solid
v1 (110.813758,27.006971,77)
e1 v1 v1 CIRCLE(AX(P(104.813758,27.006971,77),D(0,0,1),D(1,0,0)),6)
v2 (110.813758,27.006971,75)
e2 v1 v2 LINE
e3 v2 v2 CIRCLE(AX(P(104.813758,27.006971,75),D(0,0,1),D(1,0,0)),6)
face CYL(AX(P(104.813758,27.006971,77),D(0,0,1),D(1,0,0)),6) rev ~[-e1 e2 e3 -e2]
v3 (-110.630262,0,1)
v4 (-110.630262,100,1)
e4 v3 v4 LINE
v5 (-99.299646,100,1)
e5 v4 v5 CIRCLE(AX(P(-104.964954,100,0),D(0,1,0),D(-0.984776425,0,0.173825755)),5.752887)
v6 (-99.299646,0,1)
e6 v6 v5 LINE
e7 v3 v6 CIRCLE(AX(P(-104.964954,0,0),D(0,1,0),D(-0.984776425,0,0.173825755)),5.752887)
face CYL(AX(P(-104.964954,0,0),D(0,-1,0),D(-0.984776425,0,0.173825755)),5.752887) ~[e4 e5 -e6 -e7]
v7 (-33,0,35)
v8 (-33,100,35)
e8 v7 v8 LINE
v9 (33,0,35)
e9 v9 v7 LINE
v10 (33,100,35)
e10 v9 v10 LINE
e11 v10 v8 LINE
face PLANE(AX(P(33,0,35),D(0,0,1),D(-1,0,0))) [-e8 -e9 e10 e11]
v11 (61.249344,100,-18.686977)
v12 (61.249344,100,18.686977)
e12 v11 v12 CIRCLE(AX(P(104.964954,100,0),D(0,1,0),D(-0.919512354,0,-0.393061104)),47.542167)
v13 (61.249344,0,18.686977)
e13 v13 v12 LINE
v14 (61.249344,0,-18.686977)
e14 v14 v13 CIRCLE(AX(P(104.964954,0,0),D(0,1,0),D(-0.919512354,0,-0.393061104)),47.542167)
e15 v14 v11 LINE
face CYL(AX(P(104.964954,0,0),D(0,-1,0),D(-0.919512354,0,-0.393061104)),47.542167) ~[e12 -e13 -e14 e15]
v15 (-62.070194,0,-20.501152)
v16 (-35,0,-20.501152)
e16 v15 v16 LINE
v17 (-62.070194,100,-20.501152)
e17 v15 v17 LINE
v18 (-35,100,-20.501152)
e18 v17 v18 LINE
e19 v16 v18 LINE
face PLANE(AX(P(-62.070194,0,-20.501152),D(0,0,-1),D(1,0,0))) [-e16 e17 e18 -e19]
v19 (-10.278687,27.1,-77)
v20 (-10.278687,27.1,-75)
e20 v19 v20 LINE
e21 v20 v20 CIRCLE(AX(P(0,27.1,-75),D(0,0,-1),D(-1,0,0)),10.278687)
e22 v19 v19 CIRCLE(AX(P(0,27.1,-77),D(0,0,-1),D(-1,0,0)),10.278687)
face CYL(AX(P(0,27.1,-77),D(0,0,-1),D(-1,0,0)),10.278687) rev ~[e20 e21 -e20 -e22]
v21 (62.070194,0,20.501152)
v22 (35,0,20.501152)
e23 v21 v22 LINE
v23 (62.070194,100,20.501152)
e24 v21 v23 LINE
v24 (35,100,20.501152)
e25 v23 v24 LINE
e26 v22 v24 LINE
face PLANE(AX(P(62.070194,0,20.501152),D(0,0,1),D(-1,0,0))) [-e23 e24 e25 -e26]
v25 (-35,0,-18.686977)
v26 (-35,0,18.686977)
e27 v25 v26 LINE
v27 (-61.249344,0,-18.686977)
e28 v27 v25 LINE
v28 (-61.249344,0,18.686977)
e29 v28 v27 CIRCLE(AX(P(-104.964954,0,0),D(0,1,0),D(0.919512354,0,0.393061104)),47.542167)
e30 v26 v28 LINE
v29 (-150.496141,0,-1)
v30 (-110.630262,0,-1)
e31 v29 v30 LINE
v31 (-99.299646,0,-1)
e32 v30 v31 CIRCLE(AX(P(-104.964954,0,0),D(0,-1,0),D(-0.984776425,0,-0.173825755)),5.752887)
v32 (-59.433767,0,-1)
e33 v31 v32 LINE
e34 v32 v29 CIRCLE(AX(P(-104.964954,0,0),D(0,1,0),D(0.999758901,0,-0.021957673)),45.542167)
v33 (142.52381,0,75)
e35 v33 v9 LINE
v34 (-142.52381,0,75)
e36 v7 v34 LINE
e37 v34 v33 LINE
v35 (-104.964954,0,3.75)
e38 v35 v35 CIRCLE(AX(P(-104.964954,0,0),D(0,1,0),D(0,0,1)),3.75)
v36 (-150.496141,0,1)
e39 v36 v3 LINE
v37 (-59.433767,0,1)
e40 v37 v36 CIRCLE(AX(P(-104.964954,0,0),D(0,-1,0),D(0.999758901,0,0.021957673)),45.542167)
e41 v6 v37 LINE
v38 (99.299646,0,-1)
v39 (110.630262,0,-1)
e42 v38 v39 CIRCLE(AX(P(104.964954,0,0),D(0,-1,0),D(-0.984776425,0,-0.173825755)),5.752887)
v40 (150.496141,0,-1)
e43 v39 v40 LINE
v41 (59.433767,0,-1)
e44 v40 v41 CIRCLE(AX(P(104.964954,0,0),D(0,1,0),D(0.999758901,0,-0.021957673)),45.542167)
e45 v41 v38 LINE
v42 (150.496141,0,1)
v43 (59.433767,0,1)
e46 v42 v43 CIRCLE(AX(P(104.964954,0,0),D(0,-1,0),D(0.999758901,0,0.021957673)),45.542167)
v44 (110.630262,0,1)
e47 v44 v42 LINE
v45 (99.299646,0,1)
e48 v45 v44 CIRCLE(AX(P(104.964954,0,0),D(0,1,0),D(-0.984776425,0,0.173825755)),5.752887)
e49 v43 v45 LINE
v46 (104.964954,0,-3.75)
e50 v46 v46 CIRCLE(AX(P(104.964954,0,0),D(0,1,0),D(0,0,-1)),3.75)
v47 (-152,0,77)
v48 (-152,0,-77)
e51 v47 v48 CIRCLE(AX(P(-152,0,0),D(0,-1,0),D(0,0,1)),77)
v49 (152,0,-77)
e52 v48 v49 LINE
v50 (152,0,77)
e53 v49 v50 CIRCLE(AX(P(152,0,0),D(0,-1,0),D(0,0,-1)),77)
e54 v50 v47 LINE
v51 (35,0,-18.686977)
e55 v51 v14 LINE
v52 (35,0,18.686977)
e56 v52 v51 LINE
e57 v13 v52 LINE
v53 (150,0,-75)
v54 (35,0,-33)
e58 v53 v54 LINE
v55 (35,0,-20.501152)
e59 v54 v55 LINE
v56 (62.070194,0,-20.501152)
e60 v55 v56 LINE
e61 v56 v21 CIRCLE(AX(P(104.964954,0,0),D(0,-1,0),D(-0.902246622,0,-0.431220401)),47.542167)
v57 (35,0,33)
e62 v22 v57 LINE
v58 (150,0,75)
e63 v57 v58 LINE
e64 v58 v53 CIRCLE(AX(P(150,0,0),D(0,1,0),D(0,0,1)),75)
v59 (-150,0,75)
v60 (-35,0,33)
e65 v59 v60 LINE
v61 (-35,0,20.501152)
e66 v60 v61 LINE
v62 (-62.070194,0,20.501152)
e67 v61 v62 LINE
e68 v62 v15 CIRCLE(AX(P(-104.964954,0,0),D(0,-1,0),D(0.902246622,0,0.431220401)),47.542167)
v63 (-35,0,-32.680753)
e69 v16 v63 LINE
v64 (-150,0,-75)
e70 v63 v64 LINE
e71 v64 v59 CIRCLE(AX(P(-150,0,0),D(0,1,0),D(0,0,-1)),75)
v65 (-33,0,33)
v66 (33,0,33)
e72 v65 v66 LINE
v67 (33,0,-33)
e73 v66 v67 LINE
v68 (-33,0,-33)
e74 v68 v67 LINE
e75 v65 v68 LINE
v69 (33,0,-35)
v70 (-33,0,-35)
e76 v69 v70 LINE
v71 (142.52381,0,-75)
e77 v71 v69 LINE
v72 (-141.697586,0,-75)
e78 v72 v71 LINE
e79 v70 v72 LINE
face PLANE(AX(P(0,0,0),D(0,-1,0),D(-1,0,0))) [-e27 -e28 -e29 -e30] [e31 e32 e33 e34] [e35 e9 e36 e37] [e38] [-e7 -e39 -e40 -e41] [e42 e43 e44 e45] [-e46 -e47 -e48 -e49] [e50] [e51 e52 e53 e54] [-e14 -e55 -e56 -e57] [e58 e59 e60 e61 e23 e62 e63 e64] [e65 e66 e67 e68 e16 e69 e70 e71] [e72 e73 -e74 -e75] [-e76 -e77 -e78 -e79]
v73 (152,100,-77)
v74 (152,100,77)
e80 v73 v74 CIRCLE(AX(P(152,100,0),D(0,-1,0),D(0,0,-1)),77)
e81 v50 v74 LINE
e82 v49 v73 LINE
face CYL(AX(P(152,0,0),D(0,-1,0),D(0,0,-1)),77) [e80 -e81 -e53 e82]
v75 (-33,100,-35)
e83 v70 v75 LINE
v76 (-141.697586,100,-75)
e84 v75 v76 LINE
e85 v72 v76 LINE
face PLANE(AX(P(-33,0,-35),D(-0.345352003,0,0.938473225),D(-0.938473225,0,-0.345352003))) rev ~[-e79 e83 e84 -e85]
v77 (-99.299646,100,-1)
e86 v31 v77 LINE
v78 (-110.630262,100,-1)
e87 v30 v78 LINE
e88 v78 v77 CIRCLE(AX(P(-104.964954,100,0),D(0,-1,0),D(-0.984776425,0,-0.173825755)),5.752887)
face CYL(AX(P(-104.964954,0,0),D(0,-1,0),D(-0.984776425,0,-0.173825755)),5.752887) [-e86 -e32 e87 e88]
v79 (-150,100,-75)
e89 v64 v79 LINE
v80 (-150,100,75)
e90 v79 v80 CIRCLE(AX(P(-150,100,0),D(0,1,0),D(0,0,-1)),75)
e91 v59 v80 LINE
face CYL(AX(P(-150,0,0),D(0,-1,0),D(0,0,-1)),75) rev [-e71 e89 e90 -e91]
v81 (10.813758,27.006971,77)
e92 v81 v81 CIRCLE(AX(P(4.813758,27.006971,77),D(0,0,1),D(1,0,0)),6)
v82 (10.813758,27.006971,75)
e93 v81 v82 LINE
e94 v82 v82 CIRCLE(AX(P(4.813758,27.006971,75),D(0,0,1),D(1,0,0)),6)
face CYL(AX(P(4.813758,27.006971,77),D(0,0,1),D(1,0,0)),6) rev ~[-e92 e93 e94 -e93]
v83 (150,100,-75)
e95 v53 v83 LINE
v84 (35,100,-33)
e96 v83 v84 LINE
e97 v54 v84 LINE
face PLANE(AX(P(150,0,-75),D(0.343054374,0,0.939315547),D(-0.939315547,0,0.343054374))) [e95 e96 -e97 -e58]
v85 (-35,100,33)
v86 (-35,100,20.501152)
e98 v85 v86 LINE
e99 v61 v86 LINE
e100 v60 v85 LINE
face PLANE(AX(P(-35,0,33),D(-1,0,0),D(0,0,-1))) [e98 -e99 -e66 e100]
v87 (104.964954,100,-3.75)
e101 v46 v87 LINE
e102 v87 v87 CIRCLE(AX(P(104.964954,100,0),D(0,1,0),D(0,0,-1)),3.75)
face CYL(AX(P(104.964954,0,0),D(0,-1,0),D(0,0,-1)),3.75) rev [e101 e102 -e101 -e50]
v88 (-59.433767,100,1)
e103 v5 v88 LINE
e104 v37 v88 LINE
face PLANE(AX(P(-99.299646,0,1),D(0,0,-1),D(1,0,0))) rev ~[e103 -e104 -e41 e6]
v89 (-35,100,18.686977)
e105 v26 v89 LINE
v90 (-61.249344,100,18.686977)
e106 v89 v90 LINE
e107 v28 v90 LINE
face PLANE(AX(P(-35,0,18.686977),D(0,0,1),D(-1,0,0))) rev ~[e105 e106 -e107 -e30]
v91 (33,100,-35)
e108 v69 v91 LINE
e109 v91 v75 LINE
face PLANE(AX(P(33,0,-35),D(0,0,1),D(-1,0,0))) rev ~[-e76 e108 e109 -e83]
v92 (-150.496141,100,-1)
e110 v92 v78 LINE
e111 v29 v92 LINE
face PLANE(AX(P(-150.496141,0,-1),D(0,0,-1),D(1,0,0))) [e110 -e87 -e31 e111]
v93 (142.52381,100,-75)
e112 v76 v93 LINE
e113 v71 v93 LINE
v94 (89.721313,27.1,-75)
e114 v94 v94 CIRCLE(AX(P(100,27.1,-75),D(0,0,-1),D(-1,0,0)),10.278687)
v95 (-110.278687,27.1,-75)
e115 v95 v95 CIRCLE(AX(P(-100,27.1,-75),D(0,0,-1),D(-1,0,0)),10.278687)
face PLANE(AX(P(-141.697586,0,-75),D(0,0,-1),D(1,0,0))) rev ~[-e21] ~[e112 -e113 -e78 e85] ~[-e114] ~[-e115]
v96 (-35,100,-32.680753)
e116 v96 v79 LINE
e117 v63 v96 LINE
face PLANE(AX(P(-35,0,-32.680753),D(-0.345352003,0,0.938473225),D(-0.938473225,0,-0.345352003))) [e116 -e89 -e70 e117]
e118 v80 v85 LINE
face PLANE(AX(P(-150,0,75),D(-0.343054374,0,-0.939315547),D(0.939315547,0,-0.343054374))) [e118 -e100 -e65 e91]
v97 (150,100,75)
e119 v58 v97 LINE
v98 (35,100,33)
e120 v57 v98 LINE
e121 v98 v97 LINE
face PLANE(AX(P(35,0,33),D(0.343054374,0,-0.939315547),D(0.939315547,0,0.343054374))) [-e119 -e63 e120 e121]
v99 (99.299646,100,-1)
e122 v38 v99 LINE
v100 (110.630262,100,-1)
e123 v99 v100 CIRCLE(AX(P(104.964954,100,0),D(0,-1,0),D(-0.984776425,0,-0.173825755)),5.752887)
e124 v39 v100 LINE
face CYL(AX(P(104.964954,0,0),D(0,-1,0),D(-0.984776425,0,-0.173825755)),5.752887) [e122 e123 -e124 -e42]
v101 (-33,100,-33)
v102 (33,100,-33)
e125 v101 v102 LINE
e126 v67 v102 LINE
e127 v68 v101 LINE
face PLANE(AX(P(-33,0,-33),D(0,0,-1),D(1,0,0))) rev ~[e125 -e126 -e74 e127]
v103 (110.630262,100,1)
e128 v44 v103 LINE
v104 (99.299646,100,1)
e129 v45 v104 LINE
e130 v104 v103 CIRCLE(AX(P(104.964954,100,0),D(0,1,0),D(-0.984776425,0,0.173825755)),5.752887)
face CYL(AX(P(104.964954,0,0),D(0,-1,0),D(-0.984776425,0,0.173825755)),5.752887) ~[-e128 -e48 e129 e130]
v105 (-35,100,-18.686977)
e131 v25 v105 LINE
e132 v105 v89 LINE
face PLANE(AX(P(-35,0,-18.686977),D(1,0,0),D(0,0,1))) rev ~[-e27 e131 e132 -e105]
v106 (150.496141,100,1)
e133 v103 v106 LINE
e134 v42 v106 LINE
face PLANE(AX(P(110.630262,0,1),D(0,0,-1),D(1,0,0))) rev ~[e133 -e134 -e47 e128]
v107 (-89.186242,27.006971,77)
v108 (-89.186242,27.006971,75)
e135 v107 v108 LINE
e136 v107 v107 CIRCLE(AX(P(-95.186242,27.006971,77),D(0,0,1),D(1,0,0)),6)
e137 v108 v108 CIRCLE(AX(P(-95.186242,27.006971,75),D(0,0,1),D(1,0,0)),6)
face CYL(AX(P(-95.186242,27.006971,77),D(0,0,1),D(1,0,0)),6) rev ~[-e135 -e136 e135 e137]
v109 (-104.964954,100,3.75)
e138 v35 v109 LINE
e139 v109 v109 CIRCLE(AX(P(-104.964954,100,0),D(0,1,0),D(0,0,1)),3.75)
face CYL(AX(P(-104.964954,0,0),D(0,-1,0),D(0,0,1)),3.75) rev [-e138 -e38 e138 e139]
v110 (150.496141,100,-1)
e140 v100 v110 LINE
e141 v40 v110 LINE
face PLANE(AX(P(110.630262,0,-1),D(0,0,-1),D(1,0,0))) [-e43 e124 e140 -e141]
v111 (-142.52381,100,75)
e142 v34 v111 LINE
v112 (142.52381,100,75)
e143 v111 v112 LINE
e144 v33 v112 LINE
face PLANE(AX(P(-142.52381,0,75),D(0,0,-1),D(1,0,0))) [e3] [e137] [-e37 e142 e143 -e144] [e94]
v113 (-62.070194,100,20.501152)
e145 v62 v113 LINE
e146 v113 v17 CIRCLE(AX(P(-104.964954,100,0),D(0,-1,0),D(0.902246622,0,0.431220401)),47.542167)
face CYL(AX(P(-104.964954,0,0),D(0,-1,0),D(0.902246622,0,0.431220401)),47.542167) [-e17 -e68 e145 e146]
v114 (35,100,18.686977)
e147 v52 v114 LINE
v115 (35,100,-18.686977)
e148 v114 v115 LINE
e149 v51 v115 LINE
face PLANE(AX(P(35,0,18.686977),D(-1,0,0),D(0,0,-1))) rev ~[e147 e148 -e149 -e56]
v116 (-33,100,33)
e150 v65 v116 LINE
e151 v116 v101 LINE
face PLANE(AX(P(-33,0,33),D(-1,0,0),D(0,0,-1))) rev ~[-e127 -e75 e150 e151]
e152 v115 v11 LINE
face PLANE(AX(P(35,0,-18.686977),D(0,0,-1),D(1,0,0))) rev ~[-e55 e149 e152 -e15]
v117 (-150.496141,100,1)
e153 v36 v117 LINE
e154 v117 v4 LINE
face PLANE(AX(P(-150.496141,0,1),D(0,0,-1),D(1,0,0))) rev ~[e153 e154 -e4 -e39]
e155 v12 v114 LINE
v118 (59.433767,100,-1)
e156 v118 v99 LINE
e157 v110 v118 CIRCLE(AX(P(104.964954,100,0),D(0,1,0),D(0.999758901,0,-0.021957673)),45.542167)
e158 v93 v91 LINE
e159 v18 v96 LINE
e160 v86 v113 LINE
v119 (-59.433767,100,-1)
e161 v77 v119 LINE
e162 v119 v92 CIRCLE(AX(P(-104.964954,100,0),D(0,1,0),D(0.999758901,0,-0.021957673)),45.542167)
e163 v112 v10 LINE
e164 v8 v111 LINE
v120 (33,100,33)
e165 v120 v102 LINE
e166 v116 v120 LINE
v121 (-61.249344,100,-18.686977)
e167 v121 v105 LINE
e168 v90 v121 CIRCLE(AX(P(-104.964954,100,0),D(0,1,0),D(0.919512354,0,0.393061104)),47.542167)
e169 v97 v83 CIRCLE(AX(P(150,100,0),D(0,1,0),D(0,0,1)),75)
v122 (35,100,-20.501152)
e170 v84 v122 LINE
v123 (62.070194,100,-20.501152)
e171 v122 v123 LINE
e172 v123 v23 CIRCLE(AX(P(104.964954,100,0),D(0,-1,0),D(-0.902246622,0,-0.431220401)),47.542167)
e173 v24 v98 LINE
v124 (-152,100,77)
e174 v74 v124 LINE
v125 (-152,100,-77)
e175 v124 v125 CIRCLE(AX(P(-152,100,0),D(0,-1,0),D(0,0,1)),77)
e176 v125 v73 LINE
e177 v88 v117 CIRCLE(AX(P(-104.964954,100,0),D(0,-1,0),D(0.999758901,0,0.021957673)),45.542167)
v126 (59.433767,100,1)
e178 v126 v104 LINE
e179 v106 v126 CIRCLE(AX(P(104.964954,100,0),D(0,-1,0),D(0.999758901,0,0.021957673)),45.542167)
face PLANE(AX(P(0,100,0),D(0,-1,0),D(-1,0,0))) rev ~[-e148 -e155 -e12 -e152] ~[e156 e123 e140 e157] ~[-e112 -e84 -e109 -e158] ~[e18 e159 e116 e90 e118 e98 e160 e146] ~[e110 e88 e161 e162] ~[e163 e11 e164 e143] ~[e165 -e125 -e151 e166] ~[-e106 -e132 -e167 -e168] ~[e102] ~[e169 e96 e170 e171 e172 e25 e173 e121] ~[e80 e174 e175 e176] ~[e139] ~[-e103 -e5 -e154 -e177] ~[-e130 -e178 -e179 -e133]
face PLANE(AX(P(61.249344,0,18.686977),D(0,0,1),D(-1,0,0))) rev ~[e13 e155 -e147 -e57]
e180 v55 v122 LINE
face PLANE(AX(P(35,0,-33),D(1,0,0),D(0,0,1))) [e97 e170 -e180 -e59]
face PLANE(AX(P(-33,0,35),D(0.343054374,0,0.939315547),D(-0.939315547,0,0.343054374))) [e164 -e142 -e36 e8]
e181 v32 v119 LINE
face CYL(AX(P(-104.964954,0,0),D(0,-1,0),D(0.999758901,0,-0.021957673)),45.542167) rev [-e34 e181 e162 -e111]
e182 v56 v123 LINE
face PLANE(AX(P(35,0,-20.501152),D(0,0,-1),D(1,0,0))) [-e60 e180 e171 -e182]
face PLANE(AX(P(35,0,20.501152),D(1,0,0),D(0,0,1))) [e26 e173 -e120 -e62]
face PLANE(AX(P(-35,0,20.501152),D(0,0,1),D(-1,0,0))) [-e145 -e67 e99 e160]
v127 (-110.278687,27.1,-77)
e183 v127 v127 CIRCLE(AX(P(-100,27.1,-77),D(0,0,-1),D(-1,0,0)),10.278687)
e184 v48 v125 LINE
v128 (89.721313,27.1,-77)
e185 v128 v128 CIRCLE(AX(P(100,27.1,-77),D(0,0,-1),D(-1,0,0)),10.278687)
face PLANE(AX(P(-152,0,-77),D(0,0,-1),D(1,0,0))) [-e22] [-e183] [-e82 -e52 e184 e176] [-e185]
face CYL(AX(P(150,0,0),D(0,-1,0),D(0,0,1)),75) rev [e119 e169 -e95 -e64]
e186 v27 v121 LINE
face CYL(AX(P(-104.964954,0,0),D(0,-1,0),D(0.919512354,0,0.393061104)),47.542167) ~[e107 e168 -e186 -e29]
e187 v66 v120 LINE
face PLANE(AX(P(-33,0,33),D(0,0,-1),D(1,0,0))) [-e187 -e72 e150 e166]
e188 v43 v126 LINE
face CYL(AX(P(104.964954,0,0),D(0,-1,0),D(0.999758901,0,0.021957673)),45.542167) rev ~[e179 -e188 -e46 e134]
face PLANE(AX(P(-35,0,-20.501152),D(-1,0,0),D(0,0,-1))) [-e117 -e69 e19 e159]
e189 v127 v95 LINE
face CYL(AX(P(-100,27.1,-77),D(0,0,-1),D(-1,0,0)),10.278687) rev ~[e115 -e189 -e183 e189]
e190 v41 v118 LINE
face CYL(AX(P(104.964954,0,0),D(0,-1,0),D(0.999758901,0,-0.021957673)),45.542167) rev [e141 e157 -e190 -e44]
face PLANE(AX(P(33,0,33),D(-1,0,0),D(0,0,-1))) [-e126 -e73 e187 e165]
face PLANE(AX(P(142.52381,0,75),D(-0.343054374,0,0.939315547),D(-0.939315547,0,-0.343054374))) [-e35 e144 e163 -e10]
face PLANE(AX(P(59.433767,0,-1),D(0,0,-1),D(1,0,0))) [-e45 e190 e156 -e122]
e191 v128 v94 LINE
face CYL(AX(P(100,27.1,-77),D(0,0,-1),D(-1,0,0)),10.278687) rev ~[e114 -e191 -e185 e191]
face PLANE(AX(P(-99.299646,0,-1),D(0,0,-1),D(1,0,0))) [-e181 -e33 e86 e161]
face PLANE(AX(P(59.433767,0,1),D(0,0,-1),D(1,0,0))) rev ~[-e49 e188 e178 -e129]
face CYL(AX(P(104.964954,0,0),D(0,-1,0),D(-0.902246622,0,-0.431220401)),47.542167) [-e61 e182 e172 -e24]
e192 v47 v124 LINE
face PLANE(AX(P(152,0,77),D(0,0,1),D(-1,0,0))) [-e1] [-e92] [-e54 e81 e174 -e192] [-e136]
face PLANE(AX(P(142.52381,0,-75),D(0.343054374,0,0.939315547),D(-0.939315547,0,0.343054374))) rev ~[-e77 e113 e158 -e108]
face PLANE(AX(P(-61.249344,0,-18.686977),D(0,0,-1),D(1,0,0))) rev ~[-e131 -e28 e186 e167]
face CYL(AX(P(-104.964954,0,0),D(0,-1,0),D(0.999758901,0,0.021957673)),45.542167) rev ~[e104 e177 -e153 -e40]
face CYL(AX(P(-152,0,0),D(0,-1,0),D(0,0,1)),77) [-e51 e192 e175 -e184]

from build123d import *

# Parameters (mm, degrees)
SKETCH1_R           = 3.75
SKETCH1_W           = 66
SKETCH1_H           = 66
BOSS_EXTRUDE1_DEPTH = 100
SKETCH2_R           = 6
CUT_EXTRUDE1_DEPTH  = 10
SKETCH4_R           = 10.278687008
CUT_EXTRUDE2_DEPTH  = 10


with BuildPart() as part:
    # Sketch1 → Boss-Extrude1 (new body)
    with BuildSketch(Plane(origin=(0, 0, 0), x_dir=(1, 0, 0), z_dir=(0, 1, 0))):
        with BuildLine():
            Line((-152, 77), (152, 77))
            ThreePointArc((152, 77), (229, 0), (152, -77))
            Line((152, -77), (-152, -77))
            ThreePointArc((-152, -77), (-229, 0), (-152, 77))
        make_face()
        with Locations(Location((-104.964953983, 0, 0), (0, 0, 270))):
            Circle(SKETCH1_R, mode=Mode.SUBTRACT)
        with Locations(Location((104.964953983, 0, 0), (0, 0, 90))):
            Circle(SKETCH1_R, mode=Mode.SUBTRACT)
        Polygon((-141.697585802, 75), (142.523809524, 75), (33, 35), (-33, 35), align=None, mode=Mode.SUBTRACT)
        Polygon((-142.523809524, -75), (142.523809524, -75), (33, -35), (-33, -35), align=None, mode=Mode.SUBTRACT)
        with BuildLine():
            Line((-35, 32.680752833), (-150, 75))
            ThreePointArc((-150, 75), (-225, 0), (-150, -75))
            Line((-150, -75), (-35, -33))
            Line((-35, -33), (-35, -20.501152441))
            Line((-35, -20.501152441), (-62.070194122, -20.501152441))
            ThreePointArc((-62.070194122, -20.501152441), (-152.507121318, 0), (-62.070194122, 20.501152441))
            Line((-62.070194122, 20.501152441), (-35, 20.501152441))
            Line((-35, 20.501152441), (-35, 32.680752833))
        make_face(mode=Mode.SUBTRACT)
        with BuildLine():
            Line((35, 33), (35, 20.501152441))
            Line((35, 20.501152441), (62.070194122, 20.501152441))
            ThreePointArc((62.070194122, 20.501152441), (152.507121318, 0), (62.070194122, -20.501152441))
            Line((62.070194122, -20.501152441), (35, -20.501152441))
            Line((35, -20.501152441), (35, -33))
            Line((35, -33), (150, -75))
            ThreePointArc((150, -75), (225, 0), (150, 75))
            Line((150, 75), (35, 33))
        make_face(mode=Mode.SUBTRACT)
        Rectangle(SKETCH1_W, SKETCH1_H, mode=Mode.SUBTRACT)
        with BuildLine():
            Line((-61.249343804, 18.686976792), (-35, 18.686976792))
            Line((-35, 18.686976792), (-35, -18.686976792))
            Line((-35, -18.686976792), (-61.249343804, -18.686976792))
            ThreePointArc((-61.249343804, -18.686976792), (-57.422786648, 0), (-61.249343804, 18.686976792))
        make_face(mode=Mode.SUBTRACT)
        with BuildLine():
            Line((61.249343804, -18.686976792), (35, -18.686976792))
            Line((35, -18.686976792), (35, 18.686976792))
            Line((35, 18.686976792), (61.249343804, 18.686976792))
            ThreePointArc((61.249343804, 18.686976792), (57.422786648, 0), (61.249343804, -18.686976792))
        make_face(mode=Mode.SUBTRACT)
        with BuildLine():
            Line((-150.496141158, 1), (-110.630261894, 1))
            ThreePointArc((-110.630261894, 1), (-104.964953983, 5.752887425), (-99.299646072, 1))
            Line((-99.299646072, 1), (-59.433766808, 1))
            ThreePointArc((-59.433766808, 1), (-104.964953983, 45.542167335), (-150.496141158, 1))
        make_face(mode=Mode.SUBTRACT)
        with BuildLine():
            Line((-150.496141158, -1), (-110.630261894, -1))
            ThreePointArc((-110.630261894, -1), (-104.964953983, -5.752887425), (-99.299646072, -1))
            Line((-99.299646072, -1), (-59.433766808, -1))
            ThreePointArc((-59.433766808, -1), (-104.964953983, -45.542167335), (-150.496141158, -1))
        make_face(mode=Mode.SUBTRACT)
        with BuildLine():
            Line((59.433766808, 1), (99.299646072, 1))
            ThreePointArc((99.299646072, 1), (104.964953983, 5.752887425), (110.630261894, 1))
            Line((110.630261894, 1), (150.496141158, 1))
            ThreePointArc((150.496141158, 1), (104.964953983, 45.542167335), (59.433766808, 1))
        make_face(mode=Mode.SUBTRACT)
        with BuildLine():
            Line((59.433766808, -1), (99.299646072, -1))
            ThreePointArc((99.299646072, -1), (104.964953983, -5.752887425), (110.630261894, -1))
            Line((110.630261894, -1), (150.496141158, -1))
            ThreePointArc((150.496141158, -1), (104.964953983, -45.542167335), (59.433766808, -1))
        make_face(mode=Mode.SUBTRACT)
    extrude(amount=BOSS_EXTRUDE1_DEPTH)

    # Sketch2 → Cut-Extrude1 (cut)
    with BuildSketch(Plane.XY.offset(77)):
        with Locations((4.813758286, 27.006971007)):
            Circle(SKETCH2_R)
        with Locations((104.813758286, 27.006971007)):
            Circle(SKETCH2_R)
        with Locations((-95.186241714, 27.006971007)):
            Circle(SKETCH2_R)
    extrude(amount=-CUT_EXTRUDE1_DEPTH, mode=Mode.SUBTRACT)

    # Sketch4 → Cut-Extrude2 (cut)
    with BuildSketch(Plane(origin=(0, 0, -77), x_dir=(-1, 0, 0), z_dir=(0, 0, -1))):
        with Locations((0, 27.1)):
            Circle(SKETCH4_R)
        with Locations((100, 27.1)):
            Circle(SKETCH4_R)
        with Locations((-100, 27.1)):
            Circle(SKETCH4_R)
    extrude(amount=-CUT_EXTRUDE2_DEPTH, mode=Mode.SUBTRACT)


solid = part.part
